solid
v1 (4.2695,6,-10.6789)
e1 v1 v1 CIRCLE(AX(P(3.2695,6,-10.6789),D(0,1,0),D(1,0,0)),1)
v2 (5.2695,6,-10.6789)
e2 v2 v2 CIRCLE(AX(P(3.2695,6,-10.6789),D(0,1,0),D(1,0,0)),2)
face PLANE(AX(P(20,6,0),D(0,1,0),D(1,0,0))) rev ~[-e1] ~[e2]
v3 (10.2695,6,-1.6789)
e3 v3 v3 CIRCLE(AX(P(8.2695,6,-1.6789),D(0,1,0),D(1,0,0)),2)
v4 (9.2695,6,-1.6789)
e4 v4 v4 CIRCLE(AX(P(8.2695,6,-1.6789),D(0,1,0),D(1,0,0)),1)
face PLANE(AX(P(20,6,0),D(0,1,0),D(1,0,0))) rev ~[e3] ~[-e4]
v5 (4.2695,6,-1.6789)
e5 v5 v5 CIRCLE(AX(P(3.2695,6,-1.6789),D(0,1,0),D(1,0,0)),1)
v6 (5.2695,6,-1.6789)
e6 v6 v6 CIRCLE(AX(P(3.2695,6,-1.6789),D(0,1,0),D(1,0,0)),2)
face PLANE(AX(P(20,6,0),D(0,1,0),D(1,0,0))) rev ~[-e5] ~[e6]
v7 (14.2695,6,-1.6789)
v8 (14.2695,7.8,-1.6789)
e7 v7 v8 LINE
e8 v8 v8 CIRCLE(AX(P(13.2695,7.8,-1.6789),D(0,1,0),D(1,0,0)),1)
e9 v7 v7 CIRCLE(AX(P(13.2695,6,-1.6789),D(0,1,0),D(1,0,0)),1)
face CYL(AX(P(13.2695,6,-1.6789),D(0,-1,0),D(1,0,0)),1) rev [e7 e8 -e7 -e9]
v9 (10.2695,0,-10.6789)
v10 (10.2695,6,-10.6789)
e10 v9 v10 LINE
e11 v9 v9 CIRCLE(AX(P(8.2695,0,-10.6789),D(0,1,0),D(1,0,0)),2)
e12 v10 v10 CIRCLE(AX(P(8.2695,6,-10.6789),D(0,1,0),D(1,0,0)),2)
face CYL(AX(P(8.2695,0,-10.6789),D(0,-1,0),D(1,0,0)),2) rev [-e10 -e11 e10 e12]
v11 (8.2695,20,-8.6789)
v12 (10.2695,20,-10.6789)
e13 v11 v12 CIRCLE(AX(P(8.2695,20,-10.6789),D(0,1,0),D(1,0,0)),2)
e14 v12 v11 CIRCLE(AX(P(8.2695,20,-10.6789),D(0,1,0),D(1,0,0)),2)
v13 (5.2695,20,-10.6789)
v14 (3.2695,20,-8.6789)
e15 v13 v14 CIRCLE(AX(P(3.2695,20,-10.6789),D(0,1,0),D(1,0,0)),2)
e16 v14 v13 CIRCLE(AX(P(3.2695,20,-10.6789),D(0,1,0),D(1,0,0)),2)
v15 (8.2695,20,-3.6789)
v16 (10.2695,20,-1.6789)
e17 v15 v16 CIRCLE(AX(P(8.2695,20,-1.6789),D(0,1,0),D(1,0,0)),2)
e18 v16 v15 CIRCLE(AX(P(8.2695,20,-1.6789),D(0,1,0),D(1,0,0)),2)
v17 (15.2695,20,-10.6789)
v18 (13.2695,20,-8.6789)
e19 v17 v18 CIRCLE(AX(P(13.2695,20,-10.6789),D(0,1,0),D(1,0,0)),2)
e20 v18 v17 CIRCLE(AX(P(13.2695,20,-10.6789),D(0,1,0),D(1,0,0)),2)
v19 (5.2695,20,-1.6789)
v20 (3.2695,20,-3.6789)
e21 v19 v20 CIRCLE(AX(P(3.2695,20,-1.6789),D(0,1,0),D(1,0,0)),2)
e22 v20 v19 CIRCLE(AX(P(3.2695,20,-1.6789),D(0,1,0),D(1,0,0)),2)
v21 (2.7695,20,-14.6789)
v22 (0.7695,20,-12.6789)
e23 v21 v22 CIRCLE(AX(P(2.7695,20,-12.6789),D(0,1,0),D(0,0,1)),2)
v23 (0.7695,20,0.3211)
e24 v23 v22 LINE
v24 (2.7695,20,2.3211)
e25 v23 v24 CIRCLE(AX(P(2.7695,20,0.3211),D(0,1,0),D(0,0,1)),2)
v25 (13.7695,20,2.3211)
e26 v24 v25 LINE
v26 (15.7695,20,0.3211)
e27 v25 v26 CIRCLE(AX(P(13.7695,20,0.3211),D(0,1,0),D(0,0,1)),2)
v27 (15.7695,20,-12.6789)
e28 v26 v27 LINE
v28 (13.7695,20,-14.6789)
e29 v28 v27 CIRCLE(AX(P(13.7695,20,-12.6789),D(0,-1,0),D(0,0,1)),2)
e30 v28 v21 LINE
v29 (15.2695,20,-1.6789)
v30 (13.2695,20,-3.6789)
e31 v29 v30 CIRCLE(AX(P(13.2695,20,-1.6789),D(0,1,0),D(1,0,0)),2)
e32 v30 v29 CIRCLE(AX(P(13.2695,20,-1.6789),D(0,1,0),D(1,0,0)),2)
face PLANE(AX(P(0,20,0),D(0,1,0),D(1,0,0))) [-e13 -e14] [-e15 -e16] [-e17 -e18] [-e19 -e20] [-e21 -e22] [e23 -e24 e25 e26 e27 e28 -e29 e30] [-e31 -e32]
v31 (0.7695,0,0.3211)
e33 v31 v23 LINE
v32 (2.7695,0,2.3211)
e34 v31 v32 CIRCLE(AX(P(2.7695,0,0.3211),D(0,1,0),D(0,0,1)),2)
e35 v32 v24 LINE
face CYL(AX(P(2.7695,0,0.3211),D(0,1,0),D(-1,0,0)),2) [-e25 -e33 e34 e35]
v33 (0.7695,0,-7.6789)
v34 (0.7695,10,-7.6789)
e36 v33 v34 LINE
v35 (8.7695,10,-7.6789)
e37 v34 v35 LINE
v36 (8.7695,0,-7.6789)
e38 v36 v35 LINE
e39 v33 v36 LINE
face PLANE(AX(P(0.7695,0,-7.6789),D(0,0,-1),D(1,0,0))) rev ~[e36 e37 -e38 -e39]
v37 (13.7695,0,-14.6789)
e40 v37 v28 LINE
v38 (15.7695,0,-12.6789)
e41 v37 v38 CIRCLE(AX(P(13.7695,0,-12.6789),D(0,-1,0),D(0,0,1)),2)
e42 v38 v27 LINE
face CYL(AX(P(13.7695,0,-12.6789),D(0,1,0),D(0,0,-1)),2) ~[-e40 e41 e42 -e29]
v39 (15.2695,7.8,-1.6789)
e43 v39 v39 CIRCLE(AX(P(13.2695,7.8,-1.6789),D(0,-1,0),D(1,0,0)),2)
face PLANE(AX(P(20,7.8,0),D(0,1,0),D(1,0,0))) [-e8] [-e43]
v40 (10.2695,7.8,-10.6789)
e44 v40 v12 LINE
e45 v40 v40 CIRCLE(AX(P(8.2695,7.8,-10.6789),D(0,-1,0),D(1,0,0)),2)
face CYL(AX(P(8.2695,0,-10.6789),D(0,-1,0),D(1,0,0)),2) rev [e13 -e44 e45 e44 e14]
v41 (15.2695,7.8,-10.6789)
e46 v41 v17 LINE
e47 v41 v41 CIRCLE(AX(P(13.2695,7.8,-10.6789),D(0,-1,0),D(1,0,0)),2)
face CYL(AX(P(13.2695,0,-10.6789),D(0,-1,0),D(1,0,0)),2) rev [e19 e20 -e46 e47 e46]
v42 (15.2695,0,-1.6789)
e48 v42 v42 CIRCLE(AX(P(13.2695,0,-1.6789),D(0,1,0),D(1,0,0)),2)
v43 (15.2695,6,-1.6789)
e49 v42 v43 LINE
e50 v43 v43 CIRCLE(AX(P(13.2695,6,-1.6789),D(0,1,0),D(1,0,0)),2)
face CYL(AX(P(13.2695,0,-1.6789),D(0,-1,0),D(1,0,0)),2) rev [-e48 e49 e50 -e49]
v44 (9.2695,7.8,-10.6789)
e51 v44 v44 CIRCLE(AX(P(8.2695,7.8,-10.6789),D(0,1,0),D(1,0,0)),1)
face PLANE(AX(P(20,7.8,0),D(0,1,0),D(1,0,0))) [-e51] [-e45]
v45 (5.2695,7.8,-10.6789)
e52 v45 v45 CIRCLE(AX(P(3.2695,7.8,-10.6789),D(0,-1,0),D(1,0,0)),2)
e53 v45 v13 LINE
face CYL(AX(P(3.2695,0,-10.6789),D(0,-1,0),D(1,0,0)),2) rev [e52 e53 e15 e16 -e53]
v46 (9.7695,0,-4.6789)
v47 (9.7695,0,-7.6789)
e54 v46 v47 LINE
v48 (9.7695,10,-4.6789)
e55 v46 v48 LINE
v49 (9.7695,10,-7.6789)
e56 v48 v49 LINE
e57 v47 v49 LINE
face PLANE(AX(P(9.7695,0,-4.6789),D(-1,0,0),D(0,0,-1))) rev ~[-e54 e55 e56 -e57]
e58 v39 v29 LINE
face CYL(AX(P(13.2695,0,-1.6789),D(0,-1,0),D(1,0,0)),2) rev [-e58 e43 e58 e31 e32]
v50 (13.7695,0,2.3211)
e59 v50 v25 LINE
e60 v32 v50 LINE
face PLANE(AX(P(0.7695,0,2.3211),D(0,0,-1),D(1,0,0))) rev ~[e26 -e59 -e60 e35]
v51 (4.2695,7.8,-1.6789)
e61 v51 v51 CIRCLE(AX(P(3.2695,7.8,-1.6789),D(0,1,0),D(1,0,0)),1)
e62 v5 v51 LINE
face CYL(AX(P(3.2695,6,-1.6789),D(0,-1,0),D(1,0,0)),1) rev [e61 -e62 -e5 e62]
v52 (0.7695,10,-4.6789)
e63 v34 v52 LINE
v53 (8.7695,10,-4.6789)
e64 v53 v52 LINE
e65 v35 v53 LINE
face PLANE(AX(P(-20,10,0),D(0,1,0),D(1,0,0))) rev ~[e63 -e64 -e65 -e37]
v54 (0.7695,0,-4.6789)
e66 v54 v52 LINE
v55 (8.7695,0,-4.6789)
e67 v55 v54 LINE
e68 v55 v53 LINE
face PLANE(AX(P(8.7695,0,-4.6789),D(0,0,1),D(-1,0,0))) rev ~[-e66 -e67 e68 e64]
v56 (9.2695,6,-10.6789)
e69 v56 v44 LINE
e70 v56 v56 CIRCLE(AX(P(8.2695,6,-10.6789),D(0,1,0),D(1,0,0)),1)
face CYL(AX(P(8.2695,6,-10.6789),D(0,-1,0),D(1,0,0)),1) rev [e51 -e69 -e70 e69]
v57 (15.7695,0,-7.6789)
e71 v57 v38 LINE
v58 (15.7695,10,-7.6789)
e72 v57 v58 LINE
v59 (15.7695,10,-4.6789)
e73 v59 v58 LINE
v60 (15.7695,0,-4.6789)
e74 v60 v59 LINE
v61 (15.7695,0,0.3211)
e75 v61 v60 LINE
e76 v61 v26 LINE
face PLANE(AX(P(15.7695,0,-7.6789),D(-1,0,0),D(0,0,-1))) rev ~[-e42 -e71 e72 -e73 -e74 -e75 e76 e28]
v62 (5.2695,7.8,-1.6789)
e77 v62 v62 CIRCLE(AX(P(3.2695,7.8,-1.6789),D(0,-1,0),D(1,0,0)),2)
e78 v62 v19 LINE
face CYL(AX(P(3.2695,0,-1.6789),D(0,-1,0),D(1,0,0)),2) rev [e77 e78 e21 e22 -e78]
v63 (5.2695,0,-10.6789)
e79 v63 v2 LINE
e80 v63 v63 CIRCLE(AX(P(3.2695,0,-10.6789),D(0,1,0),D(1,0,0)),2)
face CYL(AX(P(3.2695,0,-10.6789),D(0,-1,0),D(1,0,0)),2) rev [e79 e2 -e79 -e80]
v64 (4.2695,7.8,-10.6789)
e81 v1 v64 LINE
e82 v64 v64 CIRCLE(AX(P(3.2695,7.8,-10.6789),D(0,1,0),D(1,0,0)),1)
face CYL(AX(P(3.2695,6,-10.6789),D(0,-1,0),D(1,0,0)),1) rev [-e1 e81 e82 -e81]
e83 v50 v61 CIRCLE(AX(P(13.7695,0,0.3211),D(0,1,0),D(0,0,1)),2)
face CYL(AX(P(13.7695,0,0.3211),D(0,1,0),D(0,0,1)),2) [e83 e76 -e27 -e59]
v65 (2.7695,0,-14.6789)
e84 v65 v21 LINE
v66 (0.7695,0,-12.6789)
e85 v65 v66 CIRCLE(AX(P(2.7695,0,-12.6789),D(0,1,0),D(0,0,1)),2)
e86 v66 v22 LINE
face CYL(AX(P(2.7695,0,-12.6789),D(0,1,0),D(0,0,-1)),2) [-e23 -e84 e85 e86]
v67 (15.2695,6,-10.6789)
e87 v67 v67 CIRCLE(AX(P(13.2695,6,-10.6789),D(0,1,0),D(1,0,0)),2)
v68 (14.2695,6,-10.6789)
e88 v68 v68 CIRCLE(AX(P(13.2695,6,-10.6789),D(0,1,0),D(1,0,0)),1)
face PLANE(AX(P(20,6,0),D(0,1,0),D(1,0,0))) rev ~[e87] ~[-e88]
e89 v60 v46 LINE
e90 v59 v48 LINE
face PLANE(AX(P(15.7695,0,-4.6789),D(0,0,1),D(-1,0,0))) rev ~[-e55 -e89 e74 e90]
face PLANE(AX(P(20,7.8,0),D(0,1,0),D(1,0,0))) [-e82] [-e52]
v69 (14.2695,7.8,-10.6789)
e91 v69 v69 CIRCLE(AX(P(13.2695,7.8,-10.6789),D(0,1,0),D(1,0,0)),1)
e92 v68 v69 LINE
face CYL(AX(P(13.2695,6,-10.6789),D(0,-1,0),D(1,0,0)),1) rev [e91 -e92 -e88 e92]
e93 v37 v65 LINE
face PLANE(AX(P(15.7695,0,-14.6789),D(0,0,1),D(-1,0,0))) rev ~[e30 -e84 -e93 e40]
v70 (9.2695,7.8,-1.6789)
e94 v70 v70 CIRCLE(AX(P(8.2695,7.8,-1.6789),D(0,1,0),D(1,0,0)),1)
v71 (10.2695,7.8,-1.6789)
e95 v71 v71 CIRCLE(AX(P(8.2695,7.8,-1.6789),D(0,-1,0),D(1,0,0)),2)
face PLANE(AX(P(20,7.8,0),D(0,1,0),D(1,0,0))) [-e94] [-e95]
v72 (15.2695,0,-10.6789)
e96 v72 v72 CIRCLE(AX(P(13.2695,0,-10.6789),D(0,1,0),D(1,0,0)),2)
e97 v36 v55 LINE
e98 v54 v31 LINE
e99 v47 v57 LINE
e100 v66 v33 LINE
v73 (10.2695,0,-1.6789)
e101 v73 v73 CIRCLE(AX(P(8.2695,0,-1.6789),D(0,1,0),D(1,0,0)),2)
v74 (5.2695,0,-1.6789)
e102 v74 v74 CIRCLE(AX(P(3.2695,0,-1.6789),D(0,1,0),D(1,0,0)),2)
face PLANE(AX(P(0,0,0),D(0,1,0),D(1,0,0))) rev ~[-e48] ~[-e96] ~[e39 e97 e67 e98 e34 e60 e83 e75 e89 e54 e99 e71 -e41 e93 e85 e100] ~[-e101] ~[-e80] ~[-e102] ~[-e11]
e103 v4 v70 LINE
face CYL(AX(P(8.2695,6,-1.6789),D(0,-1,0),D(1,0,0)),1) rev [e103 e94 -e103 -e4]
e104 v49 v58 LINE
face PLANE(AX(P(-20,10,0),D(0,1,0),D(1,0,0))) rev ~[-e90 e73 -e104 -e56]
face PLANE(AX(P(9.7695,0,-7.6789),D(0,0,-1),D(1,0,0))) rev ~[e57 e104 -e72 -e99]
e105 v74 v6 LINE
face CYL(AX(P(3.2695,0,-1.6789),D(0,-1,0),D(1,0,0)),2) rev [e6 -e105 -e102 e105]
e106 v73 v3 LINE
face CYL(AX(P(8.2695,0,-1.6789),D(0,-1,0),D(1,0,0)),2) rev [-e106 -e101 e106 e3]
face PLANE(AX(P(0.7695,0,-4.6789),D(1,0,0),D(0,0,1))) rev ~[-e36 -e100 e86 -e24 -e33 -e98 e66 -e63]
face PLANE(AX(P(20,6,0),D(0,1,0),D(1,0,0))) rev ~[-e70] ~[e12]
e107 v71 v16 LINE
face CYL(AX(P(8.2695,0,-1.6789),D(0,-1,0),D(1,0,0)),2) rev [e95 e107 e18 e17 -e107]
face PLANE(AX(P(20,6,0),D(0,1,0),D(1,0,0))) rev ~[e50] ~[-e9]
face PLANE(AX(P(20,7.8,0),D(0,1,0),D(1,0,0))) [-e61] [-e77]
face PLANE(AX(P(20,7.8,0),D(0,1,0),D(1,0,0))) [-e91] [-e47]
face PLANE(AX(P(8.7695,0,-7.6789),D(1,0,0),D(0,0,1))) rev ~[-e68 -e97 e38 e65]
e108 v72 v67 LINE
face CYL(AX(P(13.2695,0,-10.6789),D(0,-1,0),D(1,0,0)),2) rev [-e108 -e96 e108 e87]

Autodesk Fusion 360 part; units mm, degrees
sketch "Sketch1" plane through (0, 0, 0) normal (0, 1, 0) x (1, 0, 0)
  line L0 (0.7695, -2.3211) -> (15.7695, -2.3211)
  line L1 (15.7695, -2.3211) -> (15.7695, 4.6789)
  line L2 (0.7695, 4.6789) -> (0.7695, -2.3211)
  line L3 (15.7695, 7.6789) -> (15.7695, 14.6789)
  line L4 (0.7695, 14.6789) -> (0.7695, 7.6789)
  line L5 (15.7695, 14.6789) -> (0.7695, 14.6789)
  line L6 (9.7695, 4.6789) -> (9.7695, 7.6789)
  line L7 (8.7695, 7.6789) -> (8.7695, 4.6789)
  circle A0 centre (8.2695, 1.6789) radius 2
  line L8 (15.7695, 4.6789) -> (9.7695, 4.6789)
  line L9 (8.7695, 4.6789) -> (0.7695, 4.6789)
  line L10 (0.7695, 7.6789) -> (8.7695, 7.6789)
  line L11 (9.7695, 7.6789) -> (15.7695, 7.6789)
  circle A1 centre (13.2695, 1.6789) radius 2
  circle A2 centre (3.2695, 1.6789) radius 2
  circle A3 centre (8.2695, 10.6789) radius 2
  circle A4 centre (13.2695, 10.6789) radius 2
  circle A5 centre (3.2695, 10.6789) radius 2
  circle A6 centre (-6.7305, 1.6789) radius 1
  circle A7 centre (-11.7305, 1.6789) radius 1
  circle A8 centre (-16.7305, 1.6789) radius 1
  line L12 (-4.7305, -1.3211) -> (-18.7305, -1.3211)
  line L13 (-18.7305, -1.3211) -> (-18.7305, 3.6789)
  line L14 (-18.7305, 3.6789) -> (-4.7305, 3.6789)
  line L15 (-4.7305, 3.6789) -> (-4.7305, -1.3211)
  circle A9 centre (-6.7305, 10.6789) radius 1
  circle A10 centre (-16.7305, 10.6789) radius 1
  circle A11 centre (-11.7305, 10.6789) radius 1
  line L16 (-4.7305, 8.6789) -> (-18.7305, 8.6789)
  line L17 (-4.7305, 13.6789) -> (-4.7305, 8.6789)
  line L18 (-18.7305, 13.6789) -> (-4.7305, 13.6789)
  line L19 (-18.7305, 8.6789) -> (-18.7305, 13.6789)
  line L20 (20.7695, 3.6789) -> (35.7695, 3.6789)
  line L21 (35.7695, 3.6789) -> (35.7695, 8.6789)
  line L22 (35.7695, 8.6789) -> (20.7695, 8.6789)
  line L23 (20.7695, 8.6789) -> (20.7695, 3.6789)
  dimension "d1" = 15
  dimension "d2" = 7
  dimension "d3" = 15
  dimension "d4" = 7
  dimension "d6" = 6
  dimension "d7" = 4
  dimension "d8" = 4
  dimension "d9" = 4
  dimension "d10" = 5
  dimension "d11" = 5
  dimension "d12" = 4
  dimension "d13" = 2.5
  dimension "d14" = 4
  dimension "d15" = 4
  dimension "d16" = 4
  dimension "d17" = 5
  dimension "d18" = 5
  dimension "d21" = 2
  dimension "d22" = 2
  dimension "d23" = 2
  dimension "d24" = 14
  dimension "d25" = 5
  dimension "d27" = 1
  dimension "d29" = 5
  dimension "d30" = 5
  dimension "d31" = 3
  dimension "d32" = 20.5
  dimension "d33" = 2
  dimension "d34" = 2
  dimension "d35" = 2
  dimension "d36" = 2
  dimension "d37" = 14
  dimension "d38" = 5
  dimension "d39" = 5
  dimension "d40" = 5
  dimension "d41" = 2
  dimension "d42" = 2
  dimension "d43" = 1
  dimension "d49" = 5
  dimension "d50" = 15
  dimension "d51" = 20
extrude "Extrude4" add sketch "Sketch1" along normal blind 20 contours L0 L1 L2 L3 L4 L5 L6 L7 L8 L9 L10 L11 makes body 1
extrude "Extrude5" add sketch "Sketch1" along normal blind 1.8 separate body contours L12 L13 L14 L15 | L16 L17 L18 L19 makes body 2 at (-11.7056, 0, 0.6535) makes body 3 at (-11.7555, 0, -13.0113)
move_body "Move2" bodies 2 3 to x (1, 0, 0) y (0, 1, 0) z (0, 0, 1) at (20, 6, 0)
extrude "Extrude6" add sketch "Sketch1" along normal blind 10 separate body contours L20 L21 L22 L23 makes body 4
move_body "Move4" bodies 4 to x (1, 0, 0) y (0, 1, 0) z (0, 0, 1) at (0, 10, 0)
move_body "Move5" bodies 4 to x (1, 0, 0) y (0, 1, 0) z (0, 0, 1) at (-20, 0, 0)
combine "Combine1" operation add target body 1 tool bodies 3 4 2
fillet "Fillet5" radius 2 1 edges at (15.7695, 10, -14.6789) on bodies 1
fillet "Fillet6" radius 2 1 edges at (0.7695, 10, -14.6789) on bodies 1
fillet "Fillet7" radius 2 1 edges at (0.7695, 10, 2.3211) on bodies 1
fillet "Fillet8" radius 2 1 edges at (15.7695, 10, 2.3211) on bodies 1
